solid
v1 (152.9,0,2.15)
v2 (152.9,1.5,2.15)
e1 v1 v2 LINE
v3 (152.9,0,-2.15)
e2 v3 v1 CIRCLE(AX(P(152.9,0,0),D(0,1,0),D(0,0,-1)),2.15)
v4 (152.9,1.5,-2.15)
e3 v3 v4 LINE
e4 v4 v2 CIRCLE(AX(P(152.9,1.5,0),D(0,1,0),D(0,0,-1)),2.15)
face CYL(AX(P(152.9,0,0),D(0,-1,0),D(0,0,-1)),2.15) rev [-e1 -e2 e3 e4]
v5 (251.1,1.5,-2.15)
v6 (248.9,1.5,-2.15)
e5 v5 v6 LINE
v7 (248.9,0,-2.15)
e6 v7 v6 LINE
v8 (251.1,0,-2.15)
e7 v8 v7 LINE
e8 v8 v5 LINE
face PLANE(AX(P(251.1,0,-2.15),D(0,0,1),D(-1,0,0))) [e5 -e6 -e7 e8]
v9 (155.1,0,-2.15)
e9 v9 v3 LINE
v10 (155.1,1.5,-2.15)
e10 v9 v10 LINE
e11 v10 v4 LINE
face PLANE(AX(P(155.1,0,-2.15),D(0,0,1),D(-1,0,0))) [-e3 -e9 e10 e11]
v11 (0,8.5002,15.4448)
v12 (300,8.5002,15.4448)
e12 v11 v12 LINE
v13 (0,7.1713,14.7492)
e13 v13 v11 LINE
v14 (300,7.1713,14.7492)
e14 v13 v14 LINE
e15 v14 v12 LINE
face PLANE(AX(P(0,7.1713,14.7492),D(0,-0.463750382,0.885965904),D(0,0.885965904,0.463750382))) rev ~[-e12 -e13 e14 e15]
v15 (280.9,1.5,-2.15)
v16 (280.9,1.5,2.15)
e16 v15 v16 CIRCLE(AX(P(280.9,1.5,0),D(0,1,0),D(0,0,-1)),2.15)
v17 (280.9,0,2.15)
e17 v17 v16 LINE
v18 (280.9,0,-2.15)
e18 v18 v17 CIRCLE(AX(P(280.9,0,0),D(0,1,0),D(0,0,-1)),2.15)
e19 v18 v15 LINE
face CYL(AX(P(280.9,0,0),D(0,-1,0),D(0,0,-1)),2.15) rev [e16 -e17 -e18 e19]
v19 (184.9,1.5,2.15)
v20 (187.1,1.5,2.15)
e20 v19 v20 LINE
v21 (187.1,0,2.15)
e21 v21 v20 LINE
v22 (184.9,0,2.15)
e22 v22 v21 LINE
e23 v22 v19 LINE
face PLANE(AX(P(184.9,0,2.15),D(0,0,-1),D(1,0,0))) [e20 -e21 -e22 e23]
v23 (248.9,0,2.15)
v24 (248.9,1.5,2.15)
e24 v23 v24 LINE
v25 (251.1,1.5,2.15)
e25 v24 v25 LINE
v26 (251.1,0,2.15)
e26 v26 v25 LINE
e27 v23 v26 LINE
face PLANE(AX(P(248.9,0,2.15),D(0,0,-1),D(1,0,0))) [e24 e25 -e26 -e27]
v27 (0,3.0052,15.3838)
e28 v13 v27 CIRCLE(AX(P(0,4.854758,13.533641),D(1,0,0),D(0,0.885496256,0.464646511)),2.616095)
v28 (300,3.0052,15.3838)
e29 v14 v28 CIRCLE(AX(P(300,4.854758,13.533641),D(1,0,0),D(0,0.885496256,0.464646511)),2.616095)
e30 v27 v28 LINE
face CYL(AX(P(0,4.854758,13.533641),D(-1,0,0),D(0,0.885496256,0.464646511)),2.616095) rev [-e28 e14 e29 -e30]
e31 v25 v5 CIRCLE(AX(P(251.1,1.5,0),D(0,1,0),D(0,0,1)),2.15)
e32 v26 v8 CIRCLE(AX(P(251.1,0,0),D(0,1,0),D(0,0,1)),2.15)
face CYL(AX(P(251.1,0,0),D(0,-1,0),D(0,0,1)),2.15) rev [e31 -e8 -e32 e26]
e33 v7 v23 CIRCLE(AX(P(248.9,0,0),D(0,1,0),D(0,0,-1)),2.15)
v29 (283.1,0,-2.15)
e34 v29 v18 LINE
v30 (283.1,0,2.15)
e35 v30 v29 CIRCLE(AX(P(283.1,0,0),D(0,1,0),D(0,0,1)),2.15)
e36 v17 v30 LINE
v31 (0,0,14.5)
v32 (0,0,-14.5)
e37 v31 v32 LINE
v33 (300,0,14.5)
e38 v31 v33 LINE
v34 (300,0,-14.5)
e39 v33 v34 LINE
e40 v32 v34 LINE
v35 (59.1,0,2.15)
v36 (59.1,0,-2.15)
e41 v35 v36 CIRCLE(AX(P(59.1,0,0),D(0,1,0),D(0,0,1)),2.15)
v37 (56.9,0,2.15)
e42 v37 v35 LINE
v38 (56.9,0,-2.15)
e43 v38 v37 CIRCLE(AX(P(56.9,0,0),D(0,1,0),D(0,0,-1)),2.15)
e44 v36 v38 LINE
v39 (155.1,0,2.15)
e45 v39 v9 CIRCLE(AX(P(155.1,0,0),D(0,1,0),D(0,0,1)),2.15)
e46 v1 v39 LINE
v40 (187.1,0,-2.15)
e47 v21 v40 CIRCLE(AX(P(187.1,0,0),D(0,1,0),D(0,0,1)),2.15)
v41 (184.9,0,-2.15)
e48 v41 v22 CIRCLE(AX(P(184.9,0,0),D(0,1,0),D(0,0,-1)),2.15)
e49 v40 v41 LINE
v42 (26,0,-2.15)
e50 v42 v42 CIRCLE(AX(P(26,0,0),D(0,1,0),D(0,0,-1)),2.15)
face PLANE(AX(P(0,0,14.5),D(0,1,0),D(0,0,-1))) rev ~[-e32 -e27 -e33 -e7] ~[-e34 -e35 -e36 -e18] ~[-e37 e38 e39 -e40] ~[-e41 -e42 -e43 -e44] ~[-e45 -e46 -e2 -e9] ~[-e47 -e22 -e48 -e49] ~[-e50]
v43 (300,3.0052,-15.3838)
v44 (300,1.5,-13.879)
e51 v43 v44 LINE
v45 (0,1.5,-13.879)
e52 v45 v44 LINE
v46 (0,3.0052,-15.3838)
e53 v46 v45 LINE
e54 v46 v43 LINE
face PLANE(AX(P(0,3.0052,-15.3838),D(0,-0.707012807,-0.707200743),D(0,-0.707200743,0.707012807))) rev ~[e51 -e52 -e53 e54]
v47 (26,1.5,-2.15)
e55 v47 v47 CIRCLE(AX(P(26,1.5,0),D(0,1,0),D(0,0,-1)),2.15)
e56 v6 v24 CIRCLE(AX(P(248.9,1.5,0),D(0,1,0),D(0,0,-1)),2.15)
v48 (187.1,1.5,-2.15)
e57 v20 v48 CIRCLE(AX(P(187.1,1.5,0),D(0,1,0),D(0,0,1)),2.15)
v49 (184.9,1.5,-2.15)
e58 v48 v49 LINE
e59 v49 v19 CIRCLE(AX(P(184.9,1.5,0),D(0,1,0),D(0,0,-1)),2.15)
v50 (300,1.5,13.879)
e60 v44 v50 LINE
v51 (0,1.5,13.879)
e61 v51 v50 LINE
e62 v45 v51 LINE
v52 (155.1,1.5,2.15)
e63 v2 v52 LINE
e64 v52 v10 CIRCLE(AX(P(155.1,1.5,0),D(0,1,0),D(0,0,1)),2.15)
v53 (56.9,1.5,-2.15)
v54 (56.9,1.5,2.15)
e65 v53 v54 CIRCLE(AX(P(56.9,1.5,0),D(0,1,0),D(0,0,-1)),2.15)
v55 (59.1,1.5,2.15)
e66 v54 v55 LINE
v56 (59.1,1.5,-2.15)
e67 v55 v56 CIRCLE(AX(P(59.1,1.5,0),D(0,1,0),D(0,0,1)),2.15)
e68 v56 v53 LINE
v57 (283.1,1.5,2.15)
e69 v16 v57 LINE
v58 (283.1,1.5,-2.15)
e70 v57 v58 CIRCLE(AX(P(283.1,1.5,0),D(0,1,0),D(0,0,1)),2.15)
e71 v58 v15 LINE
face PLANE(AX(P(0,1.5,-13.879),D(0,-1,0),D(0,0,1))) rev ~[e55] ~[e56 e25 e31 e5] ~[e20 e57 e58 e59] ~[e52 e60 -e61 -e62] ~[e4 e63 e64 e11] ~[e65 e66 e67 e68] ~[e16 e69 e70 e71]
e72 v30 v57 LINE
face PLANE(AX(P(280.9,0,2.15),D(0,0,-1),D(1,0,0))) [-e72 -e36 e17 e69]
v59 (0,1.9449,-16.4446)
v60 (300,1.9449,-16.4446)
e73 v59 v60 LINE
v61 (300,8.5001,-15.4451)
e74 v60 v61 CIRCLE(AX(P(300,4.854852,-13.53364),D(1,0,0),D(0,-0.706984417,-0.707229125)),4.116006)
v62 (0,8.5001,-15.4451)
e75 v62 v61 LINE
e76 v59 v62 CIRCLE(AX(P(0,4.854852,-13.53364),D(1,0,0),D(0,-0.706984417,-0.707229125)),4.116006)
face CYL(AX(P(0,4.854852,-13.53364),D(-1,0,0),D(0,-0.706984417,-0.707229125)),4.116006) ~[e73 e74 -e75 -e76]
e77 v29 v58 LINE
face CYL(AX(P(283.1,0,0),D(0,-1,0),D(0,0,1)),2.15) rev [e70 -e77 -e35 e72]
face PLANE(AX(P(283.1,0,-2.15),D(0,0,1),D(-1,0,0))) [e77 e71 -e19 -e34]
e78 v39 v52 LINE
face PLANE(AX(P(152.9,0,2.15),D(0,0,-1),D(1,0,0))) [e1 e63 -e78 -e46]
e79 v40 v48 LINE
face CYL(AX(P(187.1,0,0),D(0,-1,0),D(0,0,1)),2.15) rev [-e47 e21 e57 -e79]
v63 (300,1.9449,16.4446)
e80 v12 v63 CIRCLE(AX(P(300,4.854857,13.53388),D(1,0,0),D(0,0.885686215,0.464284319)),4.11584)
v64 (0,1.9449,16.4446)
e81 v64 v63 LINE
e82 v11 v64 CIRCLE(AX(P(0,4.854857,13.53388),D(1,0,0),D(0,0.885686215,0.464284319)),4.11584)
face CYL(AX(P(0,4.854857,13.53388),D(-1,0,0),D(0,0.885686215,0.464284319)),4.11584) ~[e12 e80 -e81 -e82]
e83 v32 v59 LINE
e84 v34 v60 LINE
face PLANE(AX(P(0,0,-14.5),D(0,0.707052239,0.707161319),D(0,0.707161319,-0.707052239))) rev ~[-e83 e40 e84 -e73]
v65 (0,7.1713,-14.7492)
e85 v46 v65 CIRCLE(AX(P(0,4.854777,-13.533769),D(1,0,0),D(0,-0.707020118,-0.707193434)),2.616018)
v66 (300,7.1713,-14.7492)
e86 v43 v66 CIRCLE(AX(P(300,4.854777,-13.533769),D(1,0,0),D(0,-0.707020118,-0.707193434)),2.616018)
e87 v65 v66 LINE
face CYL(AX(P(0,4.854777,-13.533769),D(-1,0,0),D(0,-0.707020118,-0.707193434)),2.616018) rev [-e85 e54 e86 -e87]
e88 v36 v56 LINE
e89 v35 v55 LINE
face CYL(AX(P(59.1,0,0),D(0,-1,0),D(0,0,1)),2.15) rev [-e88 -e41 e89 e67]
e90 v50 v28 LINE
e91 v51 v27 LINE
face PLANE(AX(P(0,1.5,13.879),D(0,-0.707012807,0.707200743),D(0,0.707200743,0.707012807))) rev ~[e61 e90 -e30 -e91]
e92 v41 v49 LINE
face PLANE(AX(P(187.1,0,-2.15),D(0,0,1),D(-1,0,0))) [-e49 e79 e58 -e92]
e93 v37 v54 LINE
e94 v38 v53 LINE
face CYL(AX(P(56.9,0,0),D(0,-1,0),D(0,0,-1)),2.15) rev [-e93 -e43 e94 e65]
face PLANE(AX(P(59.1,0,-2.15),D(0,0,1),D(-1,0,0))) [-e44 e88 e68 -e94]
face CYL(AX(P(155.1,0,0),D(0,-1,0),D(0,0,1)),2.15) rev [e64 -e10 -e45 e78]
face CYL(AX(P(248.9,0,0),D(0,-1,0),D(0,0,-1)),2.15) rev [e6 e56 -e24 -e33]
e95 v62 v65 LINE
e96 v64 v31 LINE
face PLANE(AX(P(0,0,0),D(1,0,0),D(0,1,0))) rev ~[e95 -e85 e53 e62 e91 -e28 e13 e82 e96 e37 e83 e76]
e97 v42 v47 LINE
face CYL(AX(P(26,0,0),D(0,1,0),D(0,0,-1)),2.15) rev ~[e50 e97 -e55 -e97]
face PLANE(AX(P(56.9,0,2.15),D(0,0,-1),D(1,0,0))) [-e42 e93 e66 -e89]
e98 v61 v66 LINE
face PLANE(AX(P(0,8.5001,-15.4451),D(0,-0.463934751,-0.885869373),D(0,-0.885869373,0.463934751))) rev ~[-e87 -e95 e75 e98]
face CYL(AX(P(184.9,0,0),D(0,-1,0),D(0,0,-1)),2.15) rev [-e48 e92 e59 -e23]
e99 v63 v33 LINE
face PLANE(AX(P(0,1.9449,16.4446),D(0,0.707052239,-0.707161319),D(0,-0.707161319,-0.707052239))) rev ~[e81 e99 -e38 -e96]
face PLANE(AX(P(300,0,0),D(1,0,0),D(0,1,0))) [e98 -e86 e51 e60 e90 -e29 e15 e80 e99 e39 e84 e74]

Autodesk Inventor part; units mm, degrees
sketch "Esquisse_1" plane through (0, 0, 0) normal (1, 0, 0) x (0, 1, 0)
  arc A0 (8.5002, 15.4448) -> (1.9449, 16.4446) centre (4.8548, 13.5338) ccw
  line L0 (1.9449, 16.4446) -> (0, 14.5)
  line L1 (0, 14.5) -> (0, -14.5)
  line L2 (0, -14.5) -> (1.9449, -16.4446)
  arc A1 (1.9449, -16.4446) -> (8.5001, -15.4451) centre (4.8548, -13.5338) ccw
  line L3 (8.5001, -15.4451) -> (7.1713, -14.7492)
  arc A2 (3.0052, -15.3838) -> (7.1713, -14.7492) centre (4.8548, -13.5337) ccw
  line L4 (3.0052, -15.3838) -> (1.5, -13.879)
  line L5 (1.5, -13.879) -> (1.5, 13.879)
  line L6 (1.5, 13.879) -> (3.0052, 15.3838)
  arc A3 (7.1713, 14.7492) -> (3.0052, 15.3838) centre (4.8548, 13.5337) ccw
  line L7 (7.1713, 14.7492) -> (8.5002, 15.4448)
extrude "Extrusion1" add sketch "Esquisse_1" along normal blind 300
sketch "Sketch2" plane through (0, 0, -14.5) normal (0, -1, 0) x (1, 0, 0)
  point P0 (26, 14.5)
hole "Drilling 1" at (26, 0, 0) direction (0, 1, 0) diameter 4.3 depth 1.5
sketch "Esquisse_3" plane through (0, 0, 0) normal (0, 1, 0) x (-1, 0, 0)
  arc A0 (-56.9, -2.15) -> (-56.9, 2.15) centre (-56.9, 0) ccw
  line L0 (-56.9, 2.15) -> (-59.1, 2.15)
  arc A1 (-59.1, 2.15) -> (-59.1, -2.15) centre (-59.1, 0) ccw
  line L1 (-59.1, -2.15) -> (-56.9, -2.15)
extrude "Extrusion2" cut sketch "Esquisse_3" along normal blind 1.5
sketch "Esquisse_4" plane through (0, 0, 0) normal (0, 1, 0) x (-1, 0, 0)
  arc A0 (-152.9, -2.15) -> (-152.9, 2.15) centre (-152.9, 0) ccw
  line L0 (-152.9, 2.15) -> (-155.1, 2.15)
  arc A1 (-155.1, 2.15) -> (-155.1, -2.15) centre (-155.1, 0) ccw
  line L1 (-155.1, -2.15) -> (-152.9, -2.15)
extrude "Extrusion3" cut sketch "Esquisse_4" along normal blind 1.5
sketch "Esquisse_5" plane through (0, 0, 0) normal (0, 1, 0) x (-1, 0, 0)
  arc A0 (-184.9, -2.15) -> (-184.9, 2.15) centre (-184.9, 0) ccw
  line L0 (-184.9, 2.15) -> (-187.1, 2.15)
  arc A1 (-187.1, 2.15) -> (-187.1, -2.15) centre (-187.1, 0) ccw
  line L1 (-187.1, -2.15) -> (-184.9, -2.15)
extrude "Extrusion4" cut sketch "Esquisse_5" along normal blind 1.5
sketch "Esquisse_6" plane through (0, 0, 0) normal (0, 1, 0) x (-1, 0, 0)
  arc A0 (-248.9, -2.15) -> (-248.9, 2.15) centre (-248.9, 0) ccw
  line L0 (-248.9, 2.15) -> (-251.1, 2.15)
  arc A1 (-251.1, 2.15) -> (-251.1, -2.15) centre (-251.1, 0) ccw
  line L1 (-251.1, -2.15) -> (-248.9, -2.15)
extrude "Extrusion5" cut sketch "Esquisse_6" along normal blind 1.5
sketch "Esquisse_7" plane through (0, 0, 0) normal (0, 1, 0) x (-1, 0, 0)
  arc A0 (-280.9, -2.15) -> (-280.9, 2.15) centre (-280.9, 0) ccw
  line L0 (-280.9, 2.15) -> (-283.1, 2.15)
  arc A1 (-283.1, 2.15) -> (-283.1, -2.15) centre (-283.1, 0) ccw
  line L1 (-283.1, -2.15) -> (-280.9, -2.15)
extrude "Extrusion6" cut sketch "Esquisse_7" along normal blind 1.5
ref_plane "IP0_XY" through (0, 0, 0) normal (-1, 0, 0) x (0, 0, -1)
ref_plane "IP0_YZ" through (0, 0, 0) normal (0, 0, -1) x (0, -1, 0)
ref_plane "IP0_ZX" through (0, 0, 0) normal (0, -1, 0) x (-1, 0, 0)
ref_plane "IP1_XY" through (2.5, 0, 0) normal (1, 0, 0) x (0, 0, -1)
ref_plane "IP1_YZ" through (2.5, 0, 0) normal (0, 0, -1) x (0, 1, 0)
ref_plane "IP1_ZX" through (2.5, 0, 0) normal (0, 1, 0) x (1, 0, 0)
properties part number "MICHAUD CHAILLY B3 - 21 - 30 - 1"
